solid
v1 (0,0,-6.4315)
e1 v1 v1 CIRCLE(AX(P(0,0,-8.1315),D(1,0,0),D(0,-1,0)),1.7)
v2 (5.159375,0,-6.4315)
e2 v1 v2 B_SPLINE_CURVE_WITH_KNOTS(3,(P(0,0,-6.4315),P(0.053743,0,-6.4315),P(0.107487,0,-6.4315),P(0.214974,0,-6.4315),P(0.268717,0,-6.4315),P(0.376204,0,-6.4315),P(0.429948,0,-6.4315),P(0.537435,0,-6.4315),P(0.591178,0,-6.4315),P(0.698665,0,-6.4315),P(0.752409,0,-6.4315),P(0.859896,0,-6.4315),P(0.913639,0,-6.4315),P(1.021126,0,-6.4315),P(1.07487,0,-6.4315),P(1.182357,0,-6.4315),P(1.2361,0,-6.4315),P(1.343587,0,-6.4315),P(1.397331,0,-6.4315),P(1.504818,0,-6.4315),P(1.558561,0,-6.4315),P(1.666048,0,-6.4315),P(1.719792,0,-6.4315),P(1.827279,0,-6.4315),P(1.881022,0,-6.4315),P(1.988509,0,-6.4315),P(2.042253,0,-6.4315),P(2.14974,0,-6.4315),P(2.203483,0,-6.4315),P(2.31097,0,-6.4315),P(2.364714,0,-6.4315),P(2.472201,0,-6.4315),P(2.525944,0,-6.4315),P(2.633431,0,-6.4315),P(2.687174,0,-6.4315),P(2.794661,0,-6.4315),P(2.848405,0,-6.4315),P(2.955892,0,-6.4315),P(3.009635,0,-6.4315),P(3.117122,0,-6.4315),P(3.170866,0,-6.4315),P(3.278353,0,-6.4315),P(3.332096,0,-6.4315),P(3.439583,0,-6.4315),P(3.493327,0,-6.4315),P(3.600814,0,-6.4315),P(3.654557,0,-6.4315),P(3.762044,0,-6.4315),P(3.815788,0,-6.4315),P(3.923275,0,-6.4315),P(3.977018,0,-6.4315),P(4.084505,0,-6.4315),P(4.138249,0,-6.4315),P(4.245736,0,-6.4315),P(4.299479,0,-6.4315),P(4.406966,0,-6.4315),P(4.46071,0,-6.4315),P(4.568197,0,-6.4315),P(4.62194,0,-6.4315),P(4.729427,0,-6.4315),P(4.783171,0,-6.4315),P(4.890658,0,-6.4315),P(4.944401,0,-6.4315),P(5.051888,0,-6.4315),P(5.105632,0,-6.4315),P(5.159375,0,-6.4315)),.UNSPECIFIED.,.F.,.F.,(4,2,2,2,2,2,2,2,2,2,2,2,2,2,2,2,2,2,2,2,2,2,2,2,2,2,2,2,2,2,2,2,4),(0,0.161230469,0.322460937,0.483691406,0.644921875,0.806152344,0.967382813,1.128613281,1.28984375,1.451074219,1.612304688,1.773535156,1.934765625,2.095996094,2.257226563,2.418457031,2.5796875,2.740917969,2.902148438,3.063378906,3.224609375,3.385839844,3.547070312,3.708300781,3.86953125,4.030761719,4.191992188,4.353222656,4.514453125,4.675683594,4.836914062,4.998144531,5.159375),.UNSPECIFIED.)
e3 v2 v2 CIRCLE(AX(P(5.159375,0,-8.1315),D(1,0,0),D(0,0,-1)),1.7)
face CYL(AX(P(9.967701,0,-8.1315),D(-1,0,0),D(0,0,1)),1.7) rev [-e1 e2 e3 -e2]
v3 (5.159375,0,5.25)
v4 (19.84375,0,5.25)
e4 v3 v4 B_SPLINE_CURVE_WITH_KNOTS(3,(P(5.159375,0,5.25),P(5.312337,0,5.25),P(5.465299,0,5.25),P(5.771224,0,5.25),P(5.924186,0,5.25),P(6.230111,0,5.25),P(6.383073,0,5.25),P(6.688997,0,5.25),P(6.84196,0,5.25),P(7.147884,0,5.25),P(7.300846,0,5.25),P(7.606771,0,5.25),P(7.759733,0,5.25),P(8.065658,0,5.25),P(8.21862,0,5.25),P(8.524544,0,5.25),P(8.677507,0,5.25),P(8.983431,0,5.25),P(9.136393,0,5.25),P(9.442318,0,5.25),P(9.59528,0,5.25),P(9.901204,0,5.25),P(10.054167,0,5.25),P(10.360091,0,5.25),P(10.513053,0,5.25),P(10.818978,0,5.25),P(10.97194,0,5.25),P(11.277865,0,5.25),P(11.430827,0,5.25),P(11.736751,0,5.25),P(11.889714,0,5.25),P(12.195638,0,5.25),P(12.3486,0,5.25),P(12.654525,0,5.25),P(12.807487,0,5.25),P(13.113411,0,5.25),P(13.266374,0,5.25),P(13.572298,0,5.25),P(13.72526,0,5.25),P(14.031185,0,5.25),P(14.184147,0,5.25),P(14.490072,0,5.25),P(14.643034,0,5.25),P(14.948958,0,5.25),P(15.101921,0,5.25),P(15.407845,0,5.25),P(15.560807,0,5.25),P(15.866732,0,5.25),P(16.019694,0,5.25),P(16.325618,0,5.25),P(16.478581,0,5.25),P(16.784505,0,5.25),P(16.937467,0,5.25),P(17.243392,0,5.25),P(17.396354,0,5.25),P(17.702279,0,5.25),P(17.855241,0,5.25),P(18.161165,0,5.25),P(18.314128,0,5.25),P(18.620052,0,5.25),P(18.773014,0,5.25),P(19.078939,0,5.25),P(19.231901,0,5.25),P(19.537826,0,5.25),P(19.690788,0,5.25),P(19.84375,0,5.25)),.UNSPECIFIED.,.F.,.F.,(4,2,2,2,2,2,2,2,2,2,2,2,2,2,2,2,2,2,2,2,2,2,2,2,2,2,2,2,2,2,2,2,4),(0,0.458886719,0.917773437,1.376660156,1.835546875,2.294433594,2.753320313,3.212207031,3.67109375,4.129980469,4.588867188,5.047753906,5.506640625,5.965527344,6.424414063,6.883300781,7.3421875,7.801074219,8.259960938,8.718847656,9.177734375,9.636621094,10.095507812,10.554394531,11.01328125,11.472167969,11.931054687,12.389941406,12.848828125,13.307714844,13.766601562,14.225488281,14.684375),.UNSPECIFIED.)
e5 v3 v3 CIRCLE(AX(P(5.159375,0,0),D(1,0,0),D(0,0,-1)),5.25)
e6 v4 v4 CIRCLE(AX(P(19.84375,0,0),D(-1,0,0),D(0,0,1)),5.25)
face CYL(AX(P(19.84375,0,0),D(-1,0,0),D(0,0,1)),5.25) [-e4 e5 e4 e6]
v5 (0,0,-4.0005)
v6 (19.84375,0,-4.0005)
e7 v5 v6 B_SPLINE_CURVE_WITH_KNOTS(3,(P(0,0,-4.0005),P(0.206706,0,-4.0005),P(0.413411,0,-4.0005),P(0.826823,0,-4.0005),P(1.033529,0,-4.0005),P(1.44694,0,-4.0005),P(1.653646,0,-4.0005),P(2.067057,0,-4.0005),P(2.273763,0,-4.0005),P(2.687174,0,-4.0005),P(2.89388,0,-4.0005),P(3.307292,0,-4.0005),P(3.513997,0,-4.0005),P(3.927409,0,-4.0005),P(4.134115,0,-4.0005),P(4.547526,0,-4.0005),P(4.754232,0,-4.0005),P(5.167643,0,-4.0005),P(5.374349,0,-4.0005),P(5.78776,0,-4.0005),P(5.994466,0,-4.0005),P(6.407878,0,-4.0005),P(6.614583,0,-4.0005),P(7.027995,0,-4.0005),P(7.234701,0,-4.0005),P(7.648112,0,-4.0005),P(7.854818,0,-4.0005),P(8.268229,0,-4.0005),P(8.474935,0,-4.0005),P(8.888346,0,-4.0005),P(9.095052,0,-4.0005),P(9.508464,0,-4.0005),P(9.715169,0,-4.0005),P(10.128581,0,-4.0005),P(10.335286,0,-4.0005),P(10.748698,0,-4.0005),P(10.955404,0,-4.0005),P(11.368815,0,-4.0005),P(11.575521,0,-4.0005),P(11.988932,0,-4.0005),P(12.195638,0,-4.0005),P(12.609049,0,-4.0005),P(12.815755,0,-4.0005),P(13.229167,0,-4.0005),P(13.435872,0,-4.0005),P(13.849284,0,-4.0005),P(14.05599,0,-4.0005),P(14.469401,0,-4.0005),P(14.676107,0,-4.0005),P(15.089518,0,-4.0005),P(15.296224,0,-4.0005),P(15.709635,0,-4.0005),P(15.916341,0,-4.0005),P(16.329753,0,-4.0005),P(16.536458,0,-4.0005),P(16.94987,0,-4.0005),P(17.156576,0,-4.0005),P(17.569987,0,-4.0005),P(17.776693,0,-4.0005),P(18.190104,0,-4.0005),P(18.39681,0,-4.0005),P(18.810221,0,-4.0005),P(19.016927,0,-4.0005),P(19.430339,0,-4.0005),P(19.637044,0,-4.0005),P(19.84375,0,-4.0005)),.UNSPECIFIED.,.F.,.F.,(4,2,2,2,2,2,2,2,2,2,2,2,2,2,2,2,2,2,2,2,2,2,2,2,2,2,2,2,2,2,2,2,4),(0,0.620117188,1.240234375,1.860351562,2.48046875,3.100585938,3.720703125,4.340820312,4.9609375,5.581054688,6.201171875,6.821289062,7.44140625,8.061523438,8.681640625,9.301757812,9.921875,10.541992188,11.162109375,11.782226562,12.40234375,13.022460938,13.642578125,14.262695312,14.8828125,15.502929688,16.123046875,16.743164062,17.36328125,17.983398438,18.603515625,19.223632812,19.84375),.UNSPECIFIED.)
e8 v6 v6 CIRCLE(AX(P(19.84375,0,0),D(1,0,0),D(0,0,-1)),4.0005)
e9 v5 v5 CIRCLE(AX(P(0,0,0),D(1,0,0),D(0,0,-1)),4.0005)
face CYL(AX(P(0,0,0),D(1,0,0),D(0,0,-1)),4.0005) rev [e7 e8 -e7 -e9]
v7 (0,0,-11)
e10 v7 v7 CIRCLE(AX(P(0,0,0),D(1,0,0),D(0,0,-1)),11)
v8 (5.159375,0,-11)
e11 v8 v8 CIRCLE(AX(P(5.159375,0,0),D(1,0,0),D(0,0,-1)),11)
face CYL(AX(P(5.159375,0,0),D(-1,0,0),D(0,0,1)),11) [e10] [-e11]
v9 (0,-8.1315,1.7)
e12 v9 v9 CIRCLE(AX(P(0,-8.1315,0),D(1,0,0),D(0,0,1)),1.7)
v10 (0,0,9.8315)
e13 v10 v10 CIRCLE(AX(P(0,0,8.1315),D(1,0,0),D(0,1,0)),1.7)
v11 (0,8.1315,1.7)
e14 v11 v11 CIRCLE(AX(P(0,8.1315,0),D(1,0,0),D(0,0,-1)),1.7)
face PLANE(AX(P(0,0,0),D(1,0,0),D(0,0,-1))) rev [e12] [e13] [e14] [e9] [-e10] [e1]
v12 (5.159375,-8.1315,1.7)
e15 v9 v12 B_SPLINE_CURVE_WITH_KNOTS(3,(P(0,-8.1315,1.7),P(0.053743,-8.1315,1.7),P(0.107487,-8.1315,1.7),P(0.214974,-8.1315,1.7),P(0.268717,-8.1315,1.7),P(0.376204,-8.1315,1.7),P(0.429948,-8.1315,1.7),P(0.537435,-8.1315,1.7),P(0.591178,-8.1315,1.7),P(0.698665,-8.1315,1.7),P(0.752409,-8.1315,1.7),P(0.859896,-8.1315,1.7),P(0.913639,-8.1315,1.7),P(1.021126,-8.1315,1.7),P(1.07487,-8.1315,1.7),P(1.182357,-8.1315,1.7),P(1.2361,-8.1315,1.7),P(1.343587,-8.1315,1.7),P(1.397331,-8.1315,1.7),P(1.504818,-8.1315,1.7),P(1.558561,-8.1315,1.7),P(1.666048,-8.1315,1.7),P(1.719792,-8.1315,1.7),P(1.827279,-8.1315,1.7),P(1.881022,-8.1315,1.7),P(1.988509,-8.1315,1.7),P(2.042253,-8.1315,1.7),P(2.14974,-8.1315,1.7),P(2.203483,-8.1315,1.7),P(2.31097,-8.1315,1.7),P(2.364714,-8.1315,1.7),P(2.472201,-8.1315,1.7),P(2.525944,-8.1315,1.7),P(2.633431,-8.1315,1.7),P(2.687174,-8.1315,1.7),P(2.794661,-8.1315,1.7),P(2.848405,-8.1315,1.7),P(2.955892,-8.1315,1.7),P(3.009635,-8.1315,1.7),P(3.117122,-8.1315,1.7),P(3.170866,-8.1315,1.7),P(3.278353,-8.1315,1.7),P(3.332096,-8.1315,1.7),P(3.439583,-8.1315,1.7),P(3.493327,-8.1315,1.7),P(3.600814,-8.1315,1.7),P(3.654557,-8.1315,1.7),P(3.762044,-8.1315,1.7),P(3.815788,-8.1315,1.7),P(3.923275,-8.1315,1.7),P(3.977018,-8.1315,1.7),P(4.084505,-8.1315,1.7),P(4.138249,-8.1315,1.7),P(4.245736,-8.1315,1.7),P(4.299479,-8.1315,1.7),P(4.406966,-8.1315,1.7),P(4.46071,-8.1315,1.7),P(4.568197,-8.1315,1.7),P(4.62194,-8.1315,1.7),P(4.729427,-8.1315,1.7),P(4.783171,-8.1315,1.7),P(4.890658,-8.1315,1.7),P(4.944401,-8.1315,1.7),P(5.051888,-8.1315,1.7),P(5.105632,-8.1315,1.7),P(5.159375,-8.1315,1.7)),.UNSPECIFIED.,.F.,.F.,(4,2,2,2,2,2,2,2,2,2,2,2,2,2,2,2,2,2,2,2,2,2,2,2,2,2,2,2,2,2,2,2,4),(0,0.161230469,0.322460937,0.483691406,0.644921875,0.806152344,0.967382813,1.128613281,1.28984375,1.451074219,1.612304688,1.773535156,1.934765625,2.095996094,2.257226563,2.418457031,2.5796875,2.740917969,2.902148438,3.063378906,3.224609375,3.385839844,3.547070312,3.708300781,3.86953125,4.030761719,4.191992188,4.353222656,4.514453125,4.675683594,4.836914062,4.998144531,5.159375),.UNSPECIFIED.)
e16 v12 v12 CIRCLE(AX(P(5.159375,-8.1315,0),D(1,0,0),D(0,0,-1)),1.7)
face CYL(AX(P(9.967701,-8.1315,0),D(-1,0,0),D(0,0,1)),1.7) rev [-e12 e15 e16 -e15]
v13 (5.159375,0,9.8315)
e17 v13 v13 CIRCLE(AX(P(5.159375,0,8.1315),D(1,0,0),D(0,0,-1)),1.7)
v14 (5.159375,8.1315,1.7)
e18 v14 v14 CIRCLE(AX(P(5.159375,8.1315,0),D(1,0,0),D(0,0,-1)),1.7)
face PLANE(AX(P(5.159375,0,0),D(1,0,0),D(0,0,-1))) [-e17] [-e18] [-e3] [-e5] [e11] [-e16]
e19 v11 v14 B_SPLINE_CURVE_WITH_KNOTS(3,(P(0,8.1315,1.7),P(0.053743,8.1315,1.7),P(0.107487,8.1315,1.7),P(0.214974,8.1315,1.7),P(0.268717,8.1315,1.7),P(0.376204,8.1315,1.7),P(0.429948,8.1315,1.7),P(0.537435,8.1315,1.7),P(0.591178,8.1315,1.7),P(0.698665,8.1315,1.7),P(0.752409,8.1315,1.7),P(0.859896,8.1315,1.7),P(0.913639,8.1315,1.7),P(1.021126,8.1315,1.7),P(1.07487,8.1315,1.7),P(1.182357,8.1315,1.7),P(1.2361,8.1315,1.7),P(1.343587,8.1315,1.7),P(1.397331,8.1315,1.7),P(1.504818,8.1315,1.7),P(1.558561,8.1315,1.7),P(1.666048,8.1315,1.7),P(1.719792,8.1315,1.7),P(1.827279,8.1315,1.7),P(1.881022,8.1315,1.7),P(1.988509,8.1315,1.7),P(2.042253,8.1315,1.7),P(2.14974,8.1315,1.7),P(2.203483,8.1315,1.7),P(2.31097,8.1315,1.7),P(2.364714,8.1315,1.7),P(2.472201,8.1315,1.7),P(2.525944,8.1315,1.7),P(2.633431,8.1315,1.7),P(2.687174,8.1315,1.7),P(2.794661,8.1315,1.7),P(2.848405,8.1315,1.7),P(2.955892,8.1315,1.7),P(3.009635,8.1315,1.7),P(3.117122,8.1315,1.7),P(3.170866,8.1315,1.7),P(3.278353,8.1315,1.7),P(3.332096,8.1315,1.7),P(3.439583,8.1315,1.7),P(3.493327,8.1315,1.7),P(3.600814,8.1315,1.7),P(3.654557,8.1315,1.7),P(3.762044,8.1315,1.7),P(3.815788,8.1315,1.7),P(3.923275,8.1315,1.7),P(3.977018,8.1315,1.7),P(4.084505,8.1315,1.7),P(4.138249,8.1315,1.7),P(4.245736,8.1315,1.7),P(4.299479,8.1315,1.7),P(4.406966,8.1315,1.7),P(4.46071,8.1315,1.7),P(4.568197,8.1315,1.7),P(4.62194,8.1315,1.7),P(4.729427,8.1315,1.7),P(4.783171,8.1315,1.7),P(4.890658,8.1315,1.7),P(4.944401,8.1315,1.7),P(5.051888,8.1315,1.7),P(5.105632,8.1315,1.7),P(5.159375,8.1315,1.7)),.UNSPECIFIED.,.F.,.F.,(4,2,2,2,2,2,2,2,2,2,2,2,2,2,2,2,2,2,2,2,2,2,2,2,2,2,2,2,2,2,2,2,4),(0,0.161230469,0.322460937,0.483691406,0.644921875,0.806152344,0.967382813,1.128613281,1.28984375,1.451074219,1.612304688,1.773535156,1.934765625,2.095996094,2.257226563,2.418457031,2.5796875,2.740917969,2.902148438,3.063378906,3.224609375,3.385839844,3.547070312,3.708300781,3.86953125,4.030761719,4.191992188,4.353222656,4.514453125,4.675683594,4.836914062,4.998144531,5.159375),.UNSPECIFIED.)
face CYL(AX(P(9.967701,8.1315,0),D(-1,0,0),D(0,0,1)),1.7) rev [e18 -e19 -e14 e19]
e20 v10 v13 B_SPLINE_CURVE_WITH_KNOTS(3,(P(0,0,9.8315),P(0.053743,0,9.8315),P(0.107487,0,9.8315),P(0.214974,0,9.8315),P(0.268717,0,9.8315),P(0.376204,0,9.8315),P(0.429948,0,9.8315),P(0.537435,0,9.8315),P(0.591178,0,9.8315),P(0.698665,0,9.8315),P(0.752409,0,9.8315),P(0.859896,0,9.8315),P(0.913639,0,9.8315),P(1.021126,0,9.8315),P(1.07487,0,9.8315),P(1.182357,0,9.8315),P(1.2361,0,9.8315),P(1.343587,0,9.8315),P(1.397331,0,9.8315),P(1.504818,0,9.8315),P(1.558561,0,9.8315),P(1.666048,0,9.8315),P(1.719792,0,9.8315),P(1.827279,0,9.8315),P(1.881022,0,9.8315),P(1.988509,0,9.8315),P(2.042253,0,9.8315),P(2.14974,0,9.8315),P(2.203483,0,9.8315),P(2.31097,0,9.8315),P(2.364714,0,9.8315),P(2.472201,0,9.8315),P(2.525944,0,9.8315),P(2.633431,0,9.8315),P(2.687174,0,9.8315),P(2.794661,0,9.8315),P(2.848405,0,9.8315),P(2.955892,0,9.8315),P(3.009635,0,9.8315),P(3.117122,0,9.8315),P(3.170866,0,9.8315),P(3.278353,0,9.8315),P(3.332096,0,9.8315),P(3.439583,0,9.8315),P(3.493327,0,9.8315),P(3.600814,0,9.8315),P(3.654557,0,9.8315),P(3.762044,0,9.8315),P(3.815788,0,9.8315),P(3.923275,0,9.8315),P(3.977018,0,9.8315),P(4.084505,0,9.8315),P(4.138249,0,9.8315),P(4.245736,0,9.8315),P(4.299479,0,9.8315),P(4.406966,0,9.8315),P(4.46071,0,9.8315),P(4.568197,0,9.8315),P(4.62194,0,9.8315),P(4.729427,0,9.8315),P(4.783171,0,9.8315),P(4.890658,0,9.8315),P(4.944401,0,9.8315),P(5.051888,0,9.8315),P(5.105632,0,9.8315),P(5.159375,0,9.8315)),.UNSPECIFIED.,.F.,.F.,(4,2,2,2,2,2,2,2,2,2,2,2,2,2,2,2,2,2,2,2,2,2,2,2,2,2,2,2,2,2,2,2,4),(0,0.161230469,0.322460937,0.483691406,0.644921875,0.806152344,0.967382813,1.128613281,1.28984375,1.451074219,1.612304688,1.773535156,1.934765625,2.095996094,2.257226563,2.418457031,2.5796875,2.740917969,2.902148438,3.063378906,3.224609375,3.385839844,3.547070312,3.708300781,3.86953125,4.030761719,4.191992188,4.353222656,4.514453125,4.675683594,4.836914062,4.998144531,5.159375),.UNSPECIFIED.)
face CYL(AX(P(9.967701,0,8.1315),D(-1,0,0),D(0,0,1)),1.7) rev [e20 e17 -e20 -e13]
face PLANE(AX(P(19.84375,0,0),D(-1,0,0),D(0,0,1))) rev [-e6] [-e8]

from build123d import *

# Parameters (mm, degrees)
SKETCH4_R           = 11
BOSS_EXTRUDE2_DEPTH = 5.159375
SKETCH5_R           = 5.25
BOSS_EXTRUDE3_DEPTH = 19.84375
SKETCH6_R           = 1.7
CUT_EXTRUDE1_DEPTH  = 5.159375
CIRPATTERN2_COUNT   = 4
SKETCH8_R           = 4.0005
CUT_EXTRUDE3_DEPTH  = 26.214567497


with BuildPart() as part:
    # Sketch4 → Boss-Extrude2 (new body)
    with BuildSketch(Plane(origin=(0, 0, 0), x_dir=(0, 0, -1), z_dir=(1, 0, 0))):
        Circle(SKETCH4_R)
    extrude(amount=BOSS_EXTRUDE2_DEPTH)

    # Sketch5 → Boss-Extrude3 (add)
    with BuildSketch(Plane.ZY):
        Circle(SKETCH5_R)
    extrude(amount=-BOSS_EXTRUDE3_DEPTH)

    # Sketch6 → Cut-Extrude1 (cut)
    with BuildSketch(Plane(origin=(0, 0, 0), x_dir=(0, 0, -1), z_dir=(1, 0, 0))):
        with Locations(Location((0, 8.1315, 0), (0, 0, 180))):
            Circle(SKETCH6_R)
    cut_extrude1 = extrude(amount=CUT_EXTRUDE1_DEPTH, mode=Mode.SUBTRACT)

    # CirPattern2: Cut-Extrude1 ×4 about axis
    cirpattern2_axis = Axis((0, 0, 0), (1, 0, 0))
    for i in range(1, CIRPATTERN2_COUNT):
        add(cut_extrude1.rotate(cirpattern2_axis, i * 360 / CIRPATTERN2_COUNT), mode=Mode.SUBTRACT)

    # Sketch8 → Cut-Extrude3 (cut, through all)
    with BuildSketch(Plane(origin=(19.84375, 0, 0), x_dir=(0, 0, -1), z_dir=(1, 0, 0))):
        Circle(SKETCH8_R)
    extrude(amount=-CUT_EXTRUDE3_DEPTH, mode=Mode.SUBTRACT)


solid = part.part
